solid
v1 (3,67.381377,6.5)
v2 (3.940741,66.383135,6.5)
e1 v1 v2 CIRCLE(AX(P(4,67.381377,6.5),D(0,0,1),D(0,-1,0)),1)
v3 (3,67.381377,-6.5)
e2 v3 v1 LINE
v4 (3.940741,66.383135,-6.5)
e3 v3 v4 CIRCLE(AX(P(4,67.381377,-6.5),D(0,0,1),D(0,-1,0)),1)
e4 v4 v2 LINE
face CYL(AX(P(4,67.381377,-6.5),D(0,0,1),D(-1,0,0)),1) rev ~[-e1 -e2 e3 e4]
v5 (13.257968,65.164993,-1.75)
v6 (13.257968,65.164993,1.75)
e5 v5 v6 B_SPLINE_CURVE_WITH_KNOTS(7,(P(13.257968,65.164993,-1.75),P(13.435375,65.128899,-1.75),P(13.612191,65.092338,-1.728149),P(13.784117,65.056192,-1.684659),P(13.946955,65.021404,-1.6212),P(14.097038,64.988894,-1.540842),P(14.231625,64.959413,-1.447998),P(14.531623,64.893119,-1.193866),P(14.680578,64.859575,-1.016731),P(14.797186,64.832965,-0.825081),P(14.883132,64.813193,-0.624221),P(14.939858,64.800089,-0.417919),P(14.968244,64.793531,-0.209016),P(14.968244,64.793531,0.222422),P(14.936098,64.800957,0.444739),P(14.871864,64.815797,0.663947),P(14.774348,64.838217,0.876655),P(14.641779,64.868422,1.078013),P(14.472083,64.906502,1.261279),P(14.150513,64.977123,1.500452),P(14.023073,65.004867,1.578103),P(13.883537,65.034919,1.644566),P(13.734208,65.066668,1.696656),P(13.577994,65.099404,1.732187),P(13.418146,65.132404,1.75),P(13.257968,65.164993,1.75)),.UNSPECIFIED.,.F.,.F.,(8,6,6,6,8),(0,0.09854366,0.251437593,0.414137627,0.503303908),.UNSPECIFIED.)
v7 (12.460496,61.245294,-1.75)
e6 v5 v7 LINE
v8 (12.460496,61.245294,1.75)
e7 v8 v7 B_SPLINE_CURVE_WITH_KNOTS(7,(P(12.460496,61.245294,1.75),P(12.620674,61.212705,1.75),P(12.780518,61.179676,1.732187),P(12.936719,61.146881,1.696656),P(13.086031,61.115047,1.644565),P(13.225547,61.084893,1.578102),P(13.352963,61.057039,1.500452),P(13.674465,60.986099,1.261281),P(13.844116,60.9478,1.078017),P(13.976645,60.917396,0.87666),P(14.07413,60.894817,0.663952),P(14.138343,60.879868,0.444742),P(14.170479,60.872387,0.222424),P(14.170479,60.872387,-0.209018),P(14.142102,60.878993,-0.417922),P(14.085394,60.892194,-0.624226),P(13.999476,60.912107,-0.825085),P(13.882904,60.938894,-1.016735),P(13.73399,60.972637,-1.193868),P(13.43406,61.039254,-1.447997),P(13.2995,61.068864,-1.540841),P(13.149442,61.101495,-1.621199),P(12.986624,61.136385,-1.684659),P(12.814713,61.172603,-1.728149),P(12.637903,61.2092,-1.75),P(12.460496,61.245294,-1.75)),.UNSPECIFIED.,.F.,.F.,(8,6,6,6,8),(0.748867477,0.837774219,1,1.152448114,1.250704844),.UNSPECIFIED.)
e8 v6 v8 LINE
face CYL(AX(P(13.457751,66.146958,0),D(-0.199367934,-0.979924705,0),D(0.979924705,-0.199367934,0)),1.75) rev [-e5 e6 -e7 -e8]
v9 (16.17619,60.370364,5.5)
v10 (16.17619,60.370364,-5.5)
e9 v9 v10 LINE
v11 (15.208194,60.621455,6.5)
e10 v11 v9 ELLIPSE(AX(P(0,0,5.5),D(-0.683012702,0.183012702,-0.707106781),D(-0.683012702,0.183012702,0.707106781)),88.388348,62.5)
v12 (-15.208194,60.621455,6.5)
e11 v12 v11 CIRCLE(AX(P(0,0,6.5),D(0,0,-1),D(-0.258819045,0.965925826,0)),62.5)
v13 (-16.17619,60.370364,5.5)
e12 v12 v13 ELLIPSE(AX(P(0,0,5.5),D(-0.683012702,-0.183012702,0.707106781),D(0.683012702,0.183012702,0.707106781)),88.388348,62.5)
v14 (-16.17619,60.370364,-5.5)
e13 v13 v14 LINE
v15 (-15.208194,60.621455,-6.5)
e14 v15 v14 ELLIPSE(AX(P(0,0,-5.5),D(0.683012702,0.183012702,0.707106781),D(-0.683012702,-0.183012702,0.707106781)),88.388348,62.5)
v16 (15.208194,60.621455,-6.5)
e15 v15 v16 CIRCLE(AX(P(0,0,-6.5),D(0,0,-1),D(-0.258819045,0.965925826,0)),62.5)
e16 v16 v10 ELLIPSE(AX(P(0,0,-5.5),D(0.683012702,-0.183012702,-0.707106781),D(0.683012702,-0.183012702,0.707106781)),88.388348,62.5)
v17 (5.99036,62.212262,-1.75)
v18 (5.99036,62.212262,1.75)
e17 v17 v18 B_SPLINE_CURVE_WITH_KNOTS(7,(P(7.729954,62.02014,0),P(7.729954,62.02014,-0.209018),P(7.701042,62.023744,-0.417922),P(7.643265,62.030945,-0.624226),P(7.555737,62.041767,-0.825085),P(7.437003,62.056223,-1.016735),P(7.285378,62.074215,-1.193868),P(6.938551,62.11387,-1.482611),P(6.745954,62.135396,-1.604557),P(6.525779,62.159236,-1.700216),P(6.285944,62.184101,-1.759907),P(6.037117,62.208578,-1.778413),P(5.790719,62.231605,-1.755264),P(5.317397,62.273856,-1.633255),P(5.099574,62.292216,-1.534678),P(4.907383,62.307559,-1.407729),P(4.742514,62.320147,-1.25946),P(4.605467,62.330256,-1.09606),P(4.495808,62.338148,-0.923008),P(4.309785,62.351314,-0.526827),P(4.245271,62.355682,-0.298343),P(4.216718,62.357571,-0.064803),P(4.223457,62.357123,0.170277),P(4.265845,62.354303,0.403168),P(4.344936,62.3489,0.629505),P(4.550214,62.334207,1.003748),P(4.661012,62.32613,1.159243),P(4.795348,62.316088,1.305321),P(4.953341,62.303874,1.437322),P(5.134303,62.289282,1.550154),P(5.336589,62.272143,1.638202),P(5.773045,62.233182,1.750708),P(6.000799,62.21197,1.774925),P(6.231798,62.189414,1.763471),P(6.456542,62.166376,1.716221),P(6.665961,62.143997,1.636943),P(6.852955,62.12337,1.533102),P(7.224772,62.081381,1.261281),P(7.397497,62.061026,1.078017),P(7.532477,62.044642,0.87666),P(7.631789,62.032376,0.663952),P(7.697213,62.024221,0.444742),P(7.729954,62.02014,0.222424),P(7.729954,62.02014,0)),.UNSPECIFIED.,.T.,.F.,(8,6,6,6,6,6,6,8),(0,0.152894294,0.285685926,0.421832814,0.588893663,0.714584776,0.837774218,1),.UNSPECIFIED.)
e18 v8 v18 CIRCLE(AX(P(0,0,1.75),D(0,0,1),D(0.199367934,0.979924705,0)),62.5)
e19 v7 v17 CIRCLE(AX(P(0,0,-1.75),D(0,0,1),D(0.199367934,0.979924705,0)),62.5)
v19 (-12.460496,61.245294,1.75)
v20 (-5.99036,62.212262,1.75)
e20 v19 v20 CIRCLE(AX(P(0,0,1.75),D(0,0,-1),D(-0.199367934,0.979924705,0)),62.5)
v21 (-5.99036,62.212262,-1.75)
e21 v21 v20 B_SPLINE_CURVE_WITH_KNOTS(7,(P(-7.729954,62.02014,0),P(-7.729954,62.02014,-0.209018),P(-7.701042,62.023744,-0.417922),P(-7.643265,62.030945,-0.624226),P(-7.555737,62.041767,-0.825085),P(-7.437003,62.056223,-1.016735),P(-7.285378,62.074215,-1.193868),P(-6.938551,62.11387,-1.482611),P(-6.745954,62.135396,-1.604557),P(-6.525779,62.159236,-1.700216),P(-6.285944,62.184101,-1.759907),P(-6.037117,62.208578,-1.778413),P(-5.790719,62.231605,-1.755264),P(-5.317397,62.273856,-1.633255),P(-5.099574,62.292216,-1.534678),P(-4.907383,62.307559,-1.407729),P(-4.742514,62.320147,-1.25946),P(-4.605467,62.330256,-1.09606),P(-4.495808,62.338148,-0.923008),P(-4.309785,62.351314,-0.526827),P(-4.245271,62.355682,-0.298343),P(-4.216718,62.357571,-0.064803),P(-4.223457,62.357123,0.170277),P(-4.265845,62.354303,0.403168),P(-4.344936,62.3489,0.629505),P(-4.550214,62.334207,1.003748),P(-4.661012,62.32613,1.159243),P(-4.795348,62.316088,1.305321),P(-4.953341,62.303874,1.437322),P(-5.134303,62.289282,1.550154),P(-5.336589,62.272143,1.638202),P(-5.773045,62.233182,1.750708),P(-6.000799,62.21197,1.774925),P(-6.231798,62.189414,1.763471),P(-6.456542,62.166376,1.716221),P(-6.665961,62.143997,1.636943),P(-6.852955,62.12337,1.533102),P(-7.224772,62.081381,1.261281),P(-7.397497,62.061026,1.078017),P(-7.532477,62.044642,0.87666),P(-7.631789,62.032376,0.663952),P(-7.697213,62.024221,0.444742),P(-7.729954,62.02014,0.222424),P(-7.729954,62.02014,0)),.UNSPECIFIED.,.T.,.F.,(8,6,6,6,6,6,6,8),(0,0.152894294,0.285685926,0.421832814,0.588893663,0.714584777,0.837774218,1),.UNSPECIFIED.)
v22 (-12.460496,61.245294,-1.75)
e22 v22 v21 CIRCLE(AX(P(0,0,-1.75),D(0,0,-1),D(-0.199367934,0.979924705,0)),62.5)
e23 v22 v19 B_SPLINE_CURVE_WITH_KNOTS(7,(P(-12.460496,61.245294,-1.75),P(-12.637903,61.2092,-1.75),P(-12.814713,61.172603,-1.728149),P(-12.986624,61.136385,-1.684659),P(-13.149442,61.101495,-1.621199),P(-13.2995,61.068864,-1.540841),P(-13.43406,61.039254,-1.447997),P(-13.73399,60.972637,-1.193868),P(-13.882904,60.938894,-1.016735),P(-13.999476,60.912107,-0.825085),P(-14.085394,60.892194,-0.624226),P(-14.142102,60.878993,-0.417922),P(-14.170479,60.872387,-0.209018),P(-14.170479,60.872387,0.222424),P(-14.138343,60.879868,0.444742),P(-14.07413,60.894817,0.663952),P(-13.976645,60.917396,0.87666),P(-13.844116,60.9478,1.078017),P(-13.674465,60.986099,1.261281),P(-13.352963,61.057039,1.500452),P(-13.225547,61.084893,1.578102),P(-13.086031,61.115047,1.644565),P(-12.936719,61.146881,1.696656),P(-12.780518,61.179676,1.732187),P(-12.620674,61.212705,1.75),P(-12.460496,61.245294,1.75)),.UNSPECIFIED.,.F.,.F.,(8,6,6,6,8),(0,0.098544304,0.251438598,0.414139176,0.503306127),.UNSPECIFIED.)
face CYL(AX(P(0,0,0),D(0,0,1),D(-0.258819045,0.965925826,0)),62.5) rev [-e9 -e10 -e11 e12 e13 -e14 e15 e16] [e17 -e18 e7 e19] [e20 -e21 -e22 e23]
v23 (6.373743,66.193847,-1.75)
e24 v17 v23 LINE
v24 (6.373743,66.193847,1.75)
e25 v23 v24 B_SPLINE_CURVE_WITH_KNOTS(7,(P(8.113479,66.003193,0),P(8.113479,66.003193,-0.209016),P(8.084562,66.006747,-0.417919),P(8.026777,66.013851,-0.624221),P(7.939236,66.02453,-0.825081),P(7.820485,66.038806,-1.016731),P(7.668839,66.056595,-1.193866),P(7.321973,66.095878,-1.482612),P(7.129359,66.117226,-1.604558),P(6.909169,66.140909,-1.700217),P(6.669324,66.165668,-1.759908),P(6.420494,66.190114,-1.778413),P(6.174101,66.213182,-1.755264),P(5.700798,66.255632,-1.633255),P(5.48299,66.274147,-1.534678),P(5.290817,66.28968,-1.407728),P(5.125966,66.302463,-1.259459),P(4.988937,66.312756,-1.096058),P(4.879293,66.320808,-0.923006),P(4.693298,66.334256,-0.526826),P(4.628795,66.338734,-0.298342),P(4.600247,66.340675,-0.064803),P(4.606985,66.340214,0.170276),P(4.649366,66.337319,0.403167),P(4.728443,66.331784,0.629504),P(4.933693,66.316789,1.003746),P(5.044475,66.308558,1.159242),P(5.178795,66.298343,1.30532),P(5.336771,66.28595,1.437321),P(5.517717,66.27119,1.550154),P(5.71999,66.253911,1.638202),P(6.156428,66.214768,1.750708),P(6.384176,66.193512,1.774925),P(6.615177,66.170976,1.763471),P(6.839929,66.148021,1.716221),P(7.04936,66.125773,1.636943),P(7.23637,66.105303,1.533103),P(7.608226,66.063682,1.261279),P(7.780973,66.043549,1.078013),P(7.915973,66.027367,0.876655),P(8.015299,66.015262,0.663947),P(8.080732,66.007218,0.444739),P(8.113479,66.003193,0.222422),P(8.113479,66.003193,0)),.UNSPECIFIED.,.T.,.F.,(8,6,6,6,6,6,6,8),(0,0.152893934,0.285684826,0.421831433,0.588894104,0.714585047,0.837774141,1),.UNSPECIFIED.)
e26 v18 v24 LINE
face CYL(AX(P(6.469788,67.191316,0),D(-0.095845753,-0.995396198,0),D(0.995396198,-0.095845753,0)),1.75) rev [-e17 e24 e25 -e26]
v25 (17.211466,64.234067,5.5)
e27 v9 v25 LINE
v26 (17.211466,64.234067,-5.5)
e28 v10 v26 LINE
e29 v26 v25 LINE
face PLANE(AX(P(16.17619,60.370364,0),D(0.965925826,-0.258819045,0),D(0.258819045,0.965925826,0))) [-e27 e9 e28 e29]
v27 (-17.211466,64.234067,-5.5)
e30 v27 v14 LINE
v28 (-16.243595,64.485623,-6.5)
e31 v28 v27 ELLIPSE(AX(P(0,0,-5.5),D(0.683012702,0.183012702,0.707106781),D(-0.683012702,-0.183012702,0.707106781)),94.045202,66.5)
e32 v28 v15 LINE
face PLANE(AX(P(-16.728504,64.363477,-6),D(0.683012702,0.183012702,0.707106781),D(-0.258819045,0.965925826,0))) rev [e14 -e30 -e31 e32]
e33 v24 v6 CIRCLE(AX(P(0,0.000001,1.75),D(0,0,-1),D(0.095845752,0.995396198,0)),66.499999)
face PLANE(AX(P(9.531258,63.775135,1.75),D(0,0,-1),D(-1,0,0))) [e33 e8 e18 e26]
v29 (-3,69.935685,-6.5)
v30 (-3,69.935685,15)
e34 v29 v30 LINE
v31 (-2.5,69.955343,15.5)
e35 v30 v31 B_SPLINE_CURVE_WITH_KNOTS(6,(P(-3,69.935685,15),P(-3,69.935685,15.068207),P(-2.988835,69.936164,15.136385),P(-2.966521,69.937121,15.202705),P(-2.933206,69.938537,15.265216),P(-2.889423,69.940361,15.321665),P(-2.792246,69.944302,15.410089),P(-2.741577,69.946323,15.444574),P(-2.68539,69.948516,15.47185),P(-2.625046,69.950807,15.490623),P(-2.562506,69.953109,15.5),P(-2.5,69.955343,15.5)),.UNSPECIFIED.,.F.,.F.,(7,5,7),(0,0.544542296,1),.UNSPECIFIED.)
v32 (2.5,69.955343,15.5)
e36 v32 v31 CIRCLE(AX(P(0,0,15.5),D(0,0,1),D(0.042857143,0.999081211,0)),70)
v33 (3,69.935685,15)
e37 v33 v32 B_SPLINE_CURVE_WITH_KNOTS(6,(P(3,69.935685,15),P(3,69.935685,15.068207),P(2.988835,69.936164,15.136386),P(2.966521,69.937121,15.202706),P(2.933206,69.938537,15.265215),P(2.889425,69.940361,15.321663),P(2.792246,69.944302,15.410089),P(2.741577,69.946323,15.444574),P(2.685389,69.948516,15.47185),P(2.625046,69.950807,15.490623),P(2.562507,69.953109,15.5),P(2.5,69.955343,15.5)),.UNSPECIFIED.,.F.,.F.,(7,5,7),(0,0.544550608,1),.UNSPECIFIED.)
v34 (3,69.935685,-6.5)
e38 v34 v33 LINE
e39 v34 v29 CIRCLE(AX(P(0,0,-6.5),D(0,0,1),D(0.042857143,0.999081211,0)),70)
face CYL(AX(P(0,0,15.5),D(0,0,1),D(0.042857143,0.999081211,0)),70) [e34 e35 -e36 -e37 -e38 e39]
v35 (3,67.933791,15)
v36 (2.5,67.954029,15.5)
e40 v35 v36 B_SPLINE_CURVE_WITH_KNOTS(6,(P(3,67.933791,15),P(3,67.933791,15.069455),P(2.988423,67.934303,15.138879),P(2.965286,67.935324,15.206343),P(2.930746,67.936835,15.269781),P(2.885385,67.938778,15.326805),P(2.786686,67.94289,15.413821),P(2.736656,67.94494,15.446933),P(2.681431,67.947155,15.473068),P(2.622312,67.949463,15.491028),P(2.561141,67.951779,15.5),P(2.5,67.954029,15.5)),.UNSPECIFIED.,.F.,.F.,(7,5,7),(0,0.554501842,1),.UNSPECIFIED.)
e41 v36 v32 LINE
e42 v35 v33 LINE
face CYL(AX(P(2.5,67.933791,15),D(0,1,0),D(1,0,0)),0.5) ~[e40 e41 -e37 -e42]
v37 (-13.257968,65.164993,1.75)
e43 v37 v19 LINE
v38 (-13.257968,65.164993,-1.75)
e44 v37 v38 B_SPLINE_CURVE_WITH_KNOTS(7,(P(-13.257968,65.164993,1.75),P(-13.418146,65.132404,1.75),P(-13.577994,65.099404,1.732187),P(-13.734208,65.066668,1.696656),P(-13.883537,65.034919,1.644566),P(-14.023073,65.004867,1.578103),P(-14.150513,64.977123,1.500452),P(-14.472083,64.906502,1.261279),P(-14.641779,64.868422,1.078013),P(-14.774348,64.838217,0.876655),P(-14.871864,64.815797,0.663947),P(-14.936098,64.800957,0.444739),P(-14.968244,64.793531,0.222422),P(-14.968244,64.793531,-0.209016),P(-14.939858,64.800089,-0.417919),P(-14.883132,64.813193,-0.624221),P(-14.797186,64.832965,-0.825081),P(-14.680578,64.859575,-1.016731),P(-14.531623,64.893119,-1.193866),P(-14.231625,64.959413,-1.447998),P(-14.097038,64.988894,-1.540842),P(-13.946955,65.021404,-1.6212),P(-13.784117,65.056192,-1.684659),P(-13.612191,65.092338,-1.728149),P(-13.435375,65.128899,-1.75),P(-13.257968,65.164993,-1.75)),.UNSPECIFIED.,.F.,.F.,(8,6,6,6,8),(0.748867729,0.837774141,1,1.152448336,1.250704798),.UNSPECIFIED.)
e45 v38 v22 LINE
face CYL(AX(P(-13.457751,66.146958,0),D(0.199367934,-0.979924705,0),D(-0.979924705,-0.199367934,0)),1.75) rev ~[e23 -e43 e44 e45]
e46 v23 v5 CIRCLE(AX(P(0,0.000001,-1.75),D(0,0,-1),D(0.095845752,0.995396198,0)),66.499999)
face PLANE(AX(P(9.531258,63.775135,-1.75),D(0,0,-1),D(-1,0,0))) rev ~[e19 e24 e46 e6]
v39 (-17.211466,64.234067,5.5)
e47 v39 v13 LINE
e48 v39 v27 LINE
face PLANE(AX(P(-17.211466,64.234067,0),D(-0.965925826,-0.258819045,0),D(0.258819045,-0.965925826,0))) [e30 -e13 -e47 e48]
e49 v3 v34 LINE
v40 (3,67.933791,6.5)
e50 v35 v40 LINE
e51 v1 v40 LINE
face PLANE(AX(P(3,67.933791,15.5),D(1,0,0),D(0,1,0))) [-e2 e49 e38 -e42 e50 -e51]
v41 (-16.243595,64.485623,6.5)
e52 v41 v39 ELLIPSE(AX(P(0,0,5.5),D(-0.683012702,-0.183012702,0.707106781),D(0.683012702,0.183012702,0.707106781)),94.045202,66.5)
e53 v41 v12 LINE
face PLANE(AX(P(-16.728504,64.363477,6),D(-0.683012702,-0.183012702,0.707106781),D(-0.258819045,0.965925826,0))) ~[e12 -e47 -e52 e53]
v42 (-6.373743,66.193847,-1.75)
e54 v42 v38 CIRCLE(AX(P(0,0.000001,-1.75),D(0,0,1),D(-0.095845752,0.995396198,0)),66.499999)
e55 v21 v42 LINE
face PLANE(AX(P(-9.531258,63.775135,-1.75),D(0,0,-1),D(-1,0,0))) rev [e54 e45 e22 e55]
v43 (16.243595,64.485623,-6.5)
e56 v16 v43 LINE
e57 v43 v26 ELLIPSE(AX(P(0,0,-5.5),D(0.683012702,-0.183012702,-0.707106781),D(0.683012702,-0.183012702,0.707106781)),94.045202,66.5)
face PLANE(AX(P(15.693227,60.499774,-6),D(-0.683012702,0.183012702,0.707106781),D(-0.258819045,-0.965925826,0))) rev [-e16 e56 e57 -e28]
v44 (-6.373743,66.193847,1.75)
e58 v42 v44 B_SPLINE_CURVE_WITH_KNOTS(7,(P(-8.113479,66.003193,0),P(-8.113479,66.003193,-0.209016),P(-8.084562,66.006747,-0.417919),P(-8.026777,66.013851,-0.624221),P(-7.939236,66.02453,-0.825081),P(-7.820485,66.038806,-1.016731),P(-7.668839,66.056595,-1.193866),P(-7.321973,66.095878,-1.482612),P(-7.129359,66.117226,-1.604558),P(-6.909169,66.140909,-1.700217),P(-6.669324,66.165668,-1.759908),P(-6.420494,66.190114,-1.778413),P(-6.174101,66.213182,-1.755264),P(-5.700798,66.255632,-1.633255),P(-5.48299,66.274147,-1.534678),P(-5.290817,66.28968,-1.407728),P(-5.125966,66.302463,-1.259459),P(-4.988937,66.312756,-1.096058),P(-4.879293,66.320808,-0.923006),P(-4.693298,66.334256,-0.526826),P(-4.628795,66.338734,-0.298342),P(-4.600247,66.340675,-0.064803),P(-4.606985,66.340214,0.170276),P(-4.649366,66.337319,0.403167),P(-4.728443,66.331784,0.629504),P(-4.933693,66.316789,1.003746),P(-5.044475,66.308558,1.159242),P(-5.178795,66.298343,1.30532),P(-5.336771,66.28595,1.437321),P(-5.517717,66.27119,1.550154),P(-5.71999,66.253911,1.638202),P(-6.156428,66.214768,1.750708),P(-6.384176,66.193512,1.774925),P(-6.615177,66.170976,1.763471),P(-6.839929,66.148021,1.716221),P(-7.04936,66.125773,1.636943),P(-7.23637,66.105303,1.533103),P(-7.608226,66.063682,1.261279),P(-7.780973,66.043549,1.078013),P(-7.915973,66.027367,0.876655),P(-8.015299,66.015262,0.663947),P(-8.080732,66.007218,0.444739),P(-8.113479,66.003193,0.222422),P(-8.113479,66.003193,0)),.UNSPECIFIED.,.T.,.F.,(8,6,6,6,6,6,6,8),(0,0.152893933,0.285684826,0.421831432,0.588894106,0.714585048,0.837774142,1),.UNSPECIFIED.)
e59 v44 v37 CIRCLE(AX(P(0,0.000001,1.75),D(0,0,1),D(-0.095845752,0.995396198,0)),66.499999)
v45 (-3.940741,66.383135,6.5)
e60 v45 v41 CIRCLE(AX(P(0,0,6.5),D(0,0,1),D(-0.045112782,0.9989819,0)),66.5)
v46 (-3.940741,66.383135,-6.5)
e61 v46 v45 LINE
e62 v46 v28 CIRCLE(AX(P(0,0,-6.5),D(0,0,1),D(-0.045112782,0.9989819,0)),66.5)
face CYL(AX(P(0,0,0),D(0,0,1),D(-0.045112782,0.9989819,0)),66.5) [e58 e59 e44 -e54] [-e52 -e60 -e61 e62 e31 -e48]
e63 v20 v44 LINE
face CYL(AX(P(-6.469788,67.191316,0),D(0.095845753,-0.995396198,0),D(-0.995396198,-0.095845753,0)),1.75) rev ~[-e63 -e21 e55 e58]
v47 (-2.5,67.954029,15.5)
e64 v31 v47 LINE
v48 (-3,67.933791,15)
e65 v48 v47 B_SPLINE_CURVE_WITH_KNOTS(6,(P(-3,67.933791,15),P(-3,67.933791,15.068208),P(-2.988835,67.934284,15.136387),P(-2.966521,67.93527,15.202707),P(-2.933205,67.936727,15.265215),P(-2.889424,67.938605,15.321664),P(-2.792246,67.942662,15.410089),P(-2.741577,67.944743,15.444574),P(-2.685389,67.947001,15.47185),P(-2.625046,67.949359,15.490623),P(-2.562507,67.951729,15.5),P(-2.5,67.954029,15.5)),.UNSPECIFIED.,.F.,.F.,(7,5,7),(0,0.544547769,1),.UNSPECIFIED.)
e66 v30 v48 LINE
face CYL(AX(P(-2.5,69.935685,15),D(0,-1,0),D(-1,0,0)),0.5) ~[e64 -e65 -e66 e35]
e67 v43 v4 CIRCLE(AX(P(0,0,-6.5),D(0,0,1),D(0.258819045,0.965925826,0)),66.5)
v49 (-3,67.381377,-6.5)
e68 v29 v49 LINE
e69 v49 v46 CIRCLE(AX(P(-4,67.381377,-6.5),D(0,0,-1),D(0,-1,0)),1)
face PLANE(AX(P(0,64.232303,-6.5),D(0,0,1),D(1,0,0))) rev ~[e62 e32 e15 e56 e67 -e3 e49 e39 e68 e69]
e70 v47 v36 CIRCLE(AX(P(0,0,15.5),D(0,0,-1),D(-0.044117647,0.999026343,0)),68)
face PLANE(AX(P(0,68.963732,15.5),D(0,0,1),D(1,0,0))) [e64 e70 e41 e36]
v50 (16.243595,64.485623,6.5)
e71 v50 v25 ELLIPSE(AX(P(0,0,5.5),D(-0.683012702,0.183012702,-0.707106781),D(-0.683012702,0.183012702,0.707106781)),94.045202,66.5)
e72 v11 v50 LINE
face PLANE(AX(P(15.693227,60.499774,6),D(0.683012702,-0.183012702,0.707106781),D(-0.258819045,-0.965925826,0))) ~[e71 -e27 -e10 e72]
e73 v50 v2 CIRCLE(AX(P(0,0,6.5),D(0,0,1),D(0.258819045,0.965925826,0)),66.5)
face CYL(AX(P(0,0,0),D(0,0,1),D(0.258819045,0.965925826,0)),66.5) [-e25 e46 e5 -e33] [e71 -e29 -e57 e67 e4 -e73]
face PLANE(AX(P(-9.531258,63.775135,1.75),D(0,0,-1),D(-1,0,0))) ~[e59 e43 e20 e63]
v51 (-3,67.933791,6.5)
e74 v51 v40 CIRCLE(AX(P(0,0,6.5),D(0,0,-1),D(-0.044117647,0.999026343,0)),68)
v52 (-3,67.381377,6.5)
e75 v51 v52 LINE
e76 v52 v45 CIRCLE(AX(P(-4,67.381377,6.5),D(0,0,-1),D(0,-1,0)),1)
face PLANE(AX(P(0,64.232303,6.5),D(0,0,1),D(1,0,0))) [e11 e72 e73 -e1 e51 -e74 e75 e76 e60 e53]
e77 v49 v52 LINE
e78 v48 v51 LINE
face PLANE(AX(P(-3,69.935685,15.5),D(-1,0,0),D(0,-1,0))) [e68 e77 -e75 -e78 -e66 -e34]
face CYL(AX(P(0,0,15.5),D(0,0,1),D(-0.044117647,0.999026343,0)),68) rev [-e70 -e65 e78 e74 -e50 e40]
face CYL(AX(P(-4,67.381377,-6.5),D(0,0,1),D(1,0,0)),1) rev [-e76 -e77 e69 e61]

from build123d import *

# Parameters (mm, degrees)
EXTRUDE_1_DEPTH          = 6.5
EXTRUDE_START            = 9
EXTRUDE_2_DEPTH          = 9
PATTERN_CIRCULAR_1_COUNT = 2
PATTERN_CIRCULAR_1_ANGLE = 6
CUT_EXTRUDE_2_DEPTH      = 1.75
FILLET_1_R               = 1
CHAMFER_1_SIZE           = 1
FILLET_2_R               = 0.5


with BuildPart() as part:
    # Эскиз1 → Бобышка-Вытянуть1 (new, symmetric)
    with BuildSketch(Plane.XY):
        with BuildLine():
            Line((16.176190319, 60.370364143), (17.211466499, 64.234067448))
            ThreePointArc((17.211466499, 64.234067448), (10.165328185, 65.718460899), (3, 66.432296363))
            Line((3, 66.432296363), (3, 69.93568474))
            ThreePointArc((3, 69.93568474), (0, 70), (-3, 69.93568474))
            Line((-3, 69.93568474), (-3, 66.432296363))
            ThreePointArc((-3, 66.432296363), (-10.165328185, 65.718460899), (-17.211466499, 64.234067448))
            Line((-17.211466499, 64.234067448), (-16.176190319, 60.370364143))
            ThreePointArc((-16.176190319, 60.370364143), (0, 62.5), (16.176190319, 60.370364143))
        make_face()
    extrude(amount=EXTRUDE_1_DEPTH, both=True)

    # Эскиз2 → Бобышка-Вытянуть2 (add)
    with BuildSketch(Plane.XY.offset(6.5).offset(EXTRUDE_START)):
        with BuildLine():
            Line((3, 67.933791297), (3, 69.93568474))
            ThreePointArc((3, 69.93568474), (0, 70), (-3, 69.93568474))
            Line((-3, 69.93568474), (-3, 67.933791297))
            ThreePointArc((-3, 67.933791297), (0, 68), (3, 67.933791297))
        make_face()
    extrude(amount=-EXTRUDE_2_DEPTH)

    # Эскиз4 → Вырез-Повернуть1 (revolve, cut)
    with BuildSketch(Plane.XY):
        Polygon((15.172618915, 65.798064004), (13.738323432, 58.748276473), (12.023455199, 59.097170358), (13.457750682, 66.146957889), align=None)
    cut_revolve_1 = revolve(axis=Axis((0, 0, 0), (0.19936793441719766, 0.9799247046208296, 0)), mode=Mode.SUBTRACT)

    # Круговой массив1: Вырез-Повернуть1 ×2 about axis
    pattern_circular_1_axis = Axis((0, 0, 6.5), (0, 0, 1))
    for i in range(1, PATTERN_CIRCULAR_1_COUNT):
        add(cut_revolve_1.rotate(pattern_circular_1_axis, i * PATTERN_CIRCULAR_1_ANGLE / (PATTERN_CIRCULAR_1_COUNT - 1)), mode=Mode.SUBTRACT)

    # Эскиз6 → Вырез-Вытянуть2 (cut, symmetric)
    with BuildSketch(Plane.XY):
        with BuildLine():
            Line((5.990359533, 62.212262398), (6.373742543, 66.193847191))
            ThreePointArc((6.373742543, 66.193847191), (9.82932584, 65.769554914), (13.257967639, 65.164992857))
            Line((13.257967639, 65.164992857), (12.460495901, 61.245294039))
            ThreePointArc((12.460495901, 61.245294039), (9.238088196, 61.81349146), (5.990359533, 62.212262398))
        make_face()
    cut_extrude_2 = extrude(amount=CUT_EXTRUDE_2_DEPTH, both=True, mode=Mode.SUBTRACT)

    # Зеркальное отражение1: Вырез-Повернуть1, Вырез-Вытянуть2 across plane
    add(cut_revolve_1.mirror(Plane(origin=(0, 0, 0), x_dir=(0, 0, 1), z_dir=(1, 0, 0))), mode=Mode.SUBTRACT)
    add(cut_extrude_2.mirror(Plane(origin=(0, 0, 0), x_dir=(0, 0, 1), z_dir=(1, 0, 0))), mode=Mode.SUBTRACT)

    # Зеркальное отражение1 copy 1 sketch → Зеркальное отражение1 copy 1 (revolve, cut)
    with BuildSketch(Plane(origin=(0, 0, 0), x_dir=(-0.9945218953682733, 0.10452846326765369, 0), z_dir=(0, 0, 1))):
        Polygon((15.172618915, -65.798064004), (13.738323432, -58.748276473), (12.023455199, -59.097170358), (13.457750682, -66.146957889), align=None)
    revolve(axis=Axis((0, 0, 0), (0.09584575252022424, -0.9953961983671789, 0)), mode=Mode.SUBTRACT)

    # Скругление1
    fillet_1_edges = [part.edges().sort_by_distance(p)[0] for p in [
        (-3, 66.432296363, 0),
        (3, 66.432296363, 0),
    ]]
    fillet(fillet_1_edges, radius=FILLET_1_R)

    # Фаска1
    chamfer_1_edges = [part.edges().sort_by_distance(p)[0] for p in [
        (16.693828409, 62.302215796, -6.5),
        (-16.693828409, 62.302215796, 6.5),
        (-16.693828409, 62.302215796, -6.5),
        (16.693828409, 62.302215796, 6.5),
    ]]
    chamfer(chamfer_1_edges, length=CHAMFER_1_SIZE)

    # Скругление2
    fillet_2_edges = [part.edges().sort_by_distance(p)[0] for p in [
        (-3, 68.934738018, 15.5),
        (3, 68.934738018, 15.5),
    ]]
    fillet(fillet_2_edges, radius=FILLET_2_R)


solid = part.part
